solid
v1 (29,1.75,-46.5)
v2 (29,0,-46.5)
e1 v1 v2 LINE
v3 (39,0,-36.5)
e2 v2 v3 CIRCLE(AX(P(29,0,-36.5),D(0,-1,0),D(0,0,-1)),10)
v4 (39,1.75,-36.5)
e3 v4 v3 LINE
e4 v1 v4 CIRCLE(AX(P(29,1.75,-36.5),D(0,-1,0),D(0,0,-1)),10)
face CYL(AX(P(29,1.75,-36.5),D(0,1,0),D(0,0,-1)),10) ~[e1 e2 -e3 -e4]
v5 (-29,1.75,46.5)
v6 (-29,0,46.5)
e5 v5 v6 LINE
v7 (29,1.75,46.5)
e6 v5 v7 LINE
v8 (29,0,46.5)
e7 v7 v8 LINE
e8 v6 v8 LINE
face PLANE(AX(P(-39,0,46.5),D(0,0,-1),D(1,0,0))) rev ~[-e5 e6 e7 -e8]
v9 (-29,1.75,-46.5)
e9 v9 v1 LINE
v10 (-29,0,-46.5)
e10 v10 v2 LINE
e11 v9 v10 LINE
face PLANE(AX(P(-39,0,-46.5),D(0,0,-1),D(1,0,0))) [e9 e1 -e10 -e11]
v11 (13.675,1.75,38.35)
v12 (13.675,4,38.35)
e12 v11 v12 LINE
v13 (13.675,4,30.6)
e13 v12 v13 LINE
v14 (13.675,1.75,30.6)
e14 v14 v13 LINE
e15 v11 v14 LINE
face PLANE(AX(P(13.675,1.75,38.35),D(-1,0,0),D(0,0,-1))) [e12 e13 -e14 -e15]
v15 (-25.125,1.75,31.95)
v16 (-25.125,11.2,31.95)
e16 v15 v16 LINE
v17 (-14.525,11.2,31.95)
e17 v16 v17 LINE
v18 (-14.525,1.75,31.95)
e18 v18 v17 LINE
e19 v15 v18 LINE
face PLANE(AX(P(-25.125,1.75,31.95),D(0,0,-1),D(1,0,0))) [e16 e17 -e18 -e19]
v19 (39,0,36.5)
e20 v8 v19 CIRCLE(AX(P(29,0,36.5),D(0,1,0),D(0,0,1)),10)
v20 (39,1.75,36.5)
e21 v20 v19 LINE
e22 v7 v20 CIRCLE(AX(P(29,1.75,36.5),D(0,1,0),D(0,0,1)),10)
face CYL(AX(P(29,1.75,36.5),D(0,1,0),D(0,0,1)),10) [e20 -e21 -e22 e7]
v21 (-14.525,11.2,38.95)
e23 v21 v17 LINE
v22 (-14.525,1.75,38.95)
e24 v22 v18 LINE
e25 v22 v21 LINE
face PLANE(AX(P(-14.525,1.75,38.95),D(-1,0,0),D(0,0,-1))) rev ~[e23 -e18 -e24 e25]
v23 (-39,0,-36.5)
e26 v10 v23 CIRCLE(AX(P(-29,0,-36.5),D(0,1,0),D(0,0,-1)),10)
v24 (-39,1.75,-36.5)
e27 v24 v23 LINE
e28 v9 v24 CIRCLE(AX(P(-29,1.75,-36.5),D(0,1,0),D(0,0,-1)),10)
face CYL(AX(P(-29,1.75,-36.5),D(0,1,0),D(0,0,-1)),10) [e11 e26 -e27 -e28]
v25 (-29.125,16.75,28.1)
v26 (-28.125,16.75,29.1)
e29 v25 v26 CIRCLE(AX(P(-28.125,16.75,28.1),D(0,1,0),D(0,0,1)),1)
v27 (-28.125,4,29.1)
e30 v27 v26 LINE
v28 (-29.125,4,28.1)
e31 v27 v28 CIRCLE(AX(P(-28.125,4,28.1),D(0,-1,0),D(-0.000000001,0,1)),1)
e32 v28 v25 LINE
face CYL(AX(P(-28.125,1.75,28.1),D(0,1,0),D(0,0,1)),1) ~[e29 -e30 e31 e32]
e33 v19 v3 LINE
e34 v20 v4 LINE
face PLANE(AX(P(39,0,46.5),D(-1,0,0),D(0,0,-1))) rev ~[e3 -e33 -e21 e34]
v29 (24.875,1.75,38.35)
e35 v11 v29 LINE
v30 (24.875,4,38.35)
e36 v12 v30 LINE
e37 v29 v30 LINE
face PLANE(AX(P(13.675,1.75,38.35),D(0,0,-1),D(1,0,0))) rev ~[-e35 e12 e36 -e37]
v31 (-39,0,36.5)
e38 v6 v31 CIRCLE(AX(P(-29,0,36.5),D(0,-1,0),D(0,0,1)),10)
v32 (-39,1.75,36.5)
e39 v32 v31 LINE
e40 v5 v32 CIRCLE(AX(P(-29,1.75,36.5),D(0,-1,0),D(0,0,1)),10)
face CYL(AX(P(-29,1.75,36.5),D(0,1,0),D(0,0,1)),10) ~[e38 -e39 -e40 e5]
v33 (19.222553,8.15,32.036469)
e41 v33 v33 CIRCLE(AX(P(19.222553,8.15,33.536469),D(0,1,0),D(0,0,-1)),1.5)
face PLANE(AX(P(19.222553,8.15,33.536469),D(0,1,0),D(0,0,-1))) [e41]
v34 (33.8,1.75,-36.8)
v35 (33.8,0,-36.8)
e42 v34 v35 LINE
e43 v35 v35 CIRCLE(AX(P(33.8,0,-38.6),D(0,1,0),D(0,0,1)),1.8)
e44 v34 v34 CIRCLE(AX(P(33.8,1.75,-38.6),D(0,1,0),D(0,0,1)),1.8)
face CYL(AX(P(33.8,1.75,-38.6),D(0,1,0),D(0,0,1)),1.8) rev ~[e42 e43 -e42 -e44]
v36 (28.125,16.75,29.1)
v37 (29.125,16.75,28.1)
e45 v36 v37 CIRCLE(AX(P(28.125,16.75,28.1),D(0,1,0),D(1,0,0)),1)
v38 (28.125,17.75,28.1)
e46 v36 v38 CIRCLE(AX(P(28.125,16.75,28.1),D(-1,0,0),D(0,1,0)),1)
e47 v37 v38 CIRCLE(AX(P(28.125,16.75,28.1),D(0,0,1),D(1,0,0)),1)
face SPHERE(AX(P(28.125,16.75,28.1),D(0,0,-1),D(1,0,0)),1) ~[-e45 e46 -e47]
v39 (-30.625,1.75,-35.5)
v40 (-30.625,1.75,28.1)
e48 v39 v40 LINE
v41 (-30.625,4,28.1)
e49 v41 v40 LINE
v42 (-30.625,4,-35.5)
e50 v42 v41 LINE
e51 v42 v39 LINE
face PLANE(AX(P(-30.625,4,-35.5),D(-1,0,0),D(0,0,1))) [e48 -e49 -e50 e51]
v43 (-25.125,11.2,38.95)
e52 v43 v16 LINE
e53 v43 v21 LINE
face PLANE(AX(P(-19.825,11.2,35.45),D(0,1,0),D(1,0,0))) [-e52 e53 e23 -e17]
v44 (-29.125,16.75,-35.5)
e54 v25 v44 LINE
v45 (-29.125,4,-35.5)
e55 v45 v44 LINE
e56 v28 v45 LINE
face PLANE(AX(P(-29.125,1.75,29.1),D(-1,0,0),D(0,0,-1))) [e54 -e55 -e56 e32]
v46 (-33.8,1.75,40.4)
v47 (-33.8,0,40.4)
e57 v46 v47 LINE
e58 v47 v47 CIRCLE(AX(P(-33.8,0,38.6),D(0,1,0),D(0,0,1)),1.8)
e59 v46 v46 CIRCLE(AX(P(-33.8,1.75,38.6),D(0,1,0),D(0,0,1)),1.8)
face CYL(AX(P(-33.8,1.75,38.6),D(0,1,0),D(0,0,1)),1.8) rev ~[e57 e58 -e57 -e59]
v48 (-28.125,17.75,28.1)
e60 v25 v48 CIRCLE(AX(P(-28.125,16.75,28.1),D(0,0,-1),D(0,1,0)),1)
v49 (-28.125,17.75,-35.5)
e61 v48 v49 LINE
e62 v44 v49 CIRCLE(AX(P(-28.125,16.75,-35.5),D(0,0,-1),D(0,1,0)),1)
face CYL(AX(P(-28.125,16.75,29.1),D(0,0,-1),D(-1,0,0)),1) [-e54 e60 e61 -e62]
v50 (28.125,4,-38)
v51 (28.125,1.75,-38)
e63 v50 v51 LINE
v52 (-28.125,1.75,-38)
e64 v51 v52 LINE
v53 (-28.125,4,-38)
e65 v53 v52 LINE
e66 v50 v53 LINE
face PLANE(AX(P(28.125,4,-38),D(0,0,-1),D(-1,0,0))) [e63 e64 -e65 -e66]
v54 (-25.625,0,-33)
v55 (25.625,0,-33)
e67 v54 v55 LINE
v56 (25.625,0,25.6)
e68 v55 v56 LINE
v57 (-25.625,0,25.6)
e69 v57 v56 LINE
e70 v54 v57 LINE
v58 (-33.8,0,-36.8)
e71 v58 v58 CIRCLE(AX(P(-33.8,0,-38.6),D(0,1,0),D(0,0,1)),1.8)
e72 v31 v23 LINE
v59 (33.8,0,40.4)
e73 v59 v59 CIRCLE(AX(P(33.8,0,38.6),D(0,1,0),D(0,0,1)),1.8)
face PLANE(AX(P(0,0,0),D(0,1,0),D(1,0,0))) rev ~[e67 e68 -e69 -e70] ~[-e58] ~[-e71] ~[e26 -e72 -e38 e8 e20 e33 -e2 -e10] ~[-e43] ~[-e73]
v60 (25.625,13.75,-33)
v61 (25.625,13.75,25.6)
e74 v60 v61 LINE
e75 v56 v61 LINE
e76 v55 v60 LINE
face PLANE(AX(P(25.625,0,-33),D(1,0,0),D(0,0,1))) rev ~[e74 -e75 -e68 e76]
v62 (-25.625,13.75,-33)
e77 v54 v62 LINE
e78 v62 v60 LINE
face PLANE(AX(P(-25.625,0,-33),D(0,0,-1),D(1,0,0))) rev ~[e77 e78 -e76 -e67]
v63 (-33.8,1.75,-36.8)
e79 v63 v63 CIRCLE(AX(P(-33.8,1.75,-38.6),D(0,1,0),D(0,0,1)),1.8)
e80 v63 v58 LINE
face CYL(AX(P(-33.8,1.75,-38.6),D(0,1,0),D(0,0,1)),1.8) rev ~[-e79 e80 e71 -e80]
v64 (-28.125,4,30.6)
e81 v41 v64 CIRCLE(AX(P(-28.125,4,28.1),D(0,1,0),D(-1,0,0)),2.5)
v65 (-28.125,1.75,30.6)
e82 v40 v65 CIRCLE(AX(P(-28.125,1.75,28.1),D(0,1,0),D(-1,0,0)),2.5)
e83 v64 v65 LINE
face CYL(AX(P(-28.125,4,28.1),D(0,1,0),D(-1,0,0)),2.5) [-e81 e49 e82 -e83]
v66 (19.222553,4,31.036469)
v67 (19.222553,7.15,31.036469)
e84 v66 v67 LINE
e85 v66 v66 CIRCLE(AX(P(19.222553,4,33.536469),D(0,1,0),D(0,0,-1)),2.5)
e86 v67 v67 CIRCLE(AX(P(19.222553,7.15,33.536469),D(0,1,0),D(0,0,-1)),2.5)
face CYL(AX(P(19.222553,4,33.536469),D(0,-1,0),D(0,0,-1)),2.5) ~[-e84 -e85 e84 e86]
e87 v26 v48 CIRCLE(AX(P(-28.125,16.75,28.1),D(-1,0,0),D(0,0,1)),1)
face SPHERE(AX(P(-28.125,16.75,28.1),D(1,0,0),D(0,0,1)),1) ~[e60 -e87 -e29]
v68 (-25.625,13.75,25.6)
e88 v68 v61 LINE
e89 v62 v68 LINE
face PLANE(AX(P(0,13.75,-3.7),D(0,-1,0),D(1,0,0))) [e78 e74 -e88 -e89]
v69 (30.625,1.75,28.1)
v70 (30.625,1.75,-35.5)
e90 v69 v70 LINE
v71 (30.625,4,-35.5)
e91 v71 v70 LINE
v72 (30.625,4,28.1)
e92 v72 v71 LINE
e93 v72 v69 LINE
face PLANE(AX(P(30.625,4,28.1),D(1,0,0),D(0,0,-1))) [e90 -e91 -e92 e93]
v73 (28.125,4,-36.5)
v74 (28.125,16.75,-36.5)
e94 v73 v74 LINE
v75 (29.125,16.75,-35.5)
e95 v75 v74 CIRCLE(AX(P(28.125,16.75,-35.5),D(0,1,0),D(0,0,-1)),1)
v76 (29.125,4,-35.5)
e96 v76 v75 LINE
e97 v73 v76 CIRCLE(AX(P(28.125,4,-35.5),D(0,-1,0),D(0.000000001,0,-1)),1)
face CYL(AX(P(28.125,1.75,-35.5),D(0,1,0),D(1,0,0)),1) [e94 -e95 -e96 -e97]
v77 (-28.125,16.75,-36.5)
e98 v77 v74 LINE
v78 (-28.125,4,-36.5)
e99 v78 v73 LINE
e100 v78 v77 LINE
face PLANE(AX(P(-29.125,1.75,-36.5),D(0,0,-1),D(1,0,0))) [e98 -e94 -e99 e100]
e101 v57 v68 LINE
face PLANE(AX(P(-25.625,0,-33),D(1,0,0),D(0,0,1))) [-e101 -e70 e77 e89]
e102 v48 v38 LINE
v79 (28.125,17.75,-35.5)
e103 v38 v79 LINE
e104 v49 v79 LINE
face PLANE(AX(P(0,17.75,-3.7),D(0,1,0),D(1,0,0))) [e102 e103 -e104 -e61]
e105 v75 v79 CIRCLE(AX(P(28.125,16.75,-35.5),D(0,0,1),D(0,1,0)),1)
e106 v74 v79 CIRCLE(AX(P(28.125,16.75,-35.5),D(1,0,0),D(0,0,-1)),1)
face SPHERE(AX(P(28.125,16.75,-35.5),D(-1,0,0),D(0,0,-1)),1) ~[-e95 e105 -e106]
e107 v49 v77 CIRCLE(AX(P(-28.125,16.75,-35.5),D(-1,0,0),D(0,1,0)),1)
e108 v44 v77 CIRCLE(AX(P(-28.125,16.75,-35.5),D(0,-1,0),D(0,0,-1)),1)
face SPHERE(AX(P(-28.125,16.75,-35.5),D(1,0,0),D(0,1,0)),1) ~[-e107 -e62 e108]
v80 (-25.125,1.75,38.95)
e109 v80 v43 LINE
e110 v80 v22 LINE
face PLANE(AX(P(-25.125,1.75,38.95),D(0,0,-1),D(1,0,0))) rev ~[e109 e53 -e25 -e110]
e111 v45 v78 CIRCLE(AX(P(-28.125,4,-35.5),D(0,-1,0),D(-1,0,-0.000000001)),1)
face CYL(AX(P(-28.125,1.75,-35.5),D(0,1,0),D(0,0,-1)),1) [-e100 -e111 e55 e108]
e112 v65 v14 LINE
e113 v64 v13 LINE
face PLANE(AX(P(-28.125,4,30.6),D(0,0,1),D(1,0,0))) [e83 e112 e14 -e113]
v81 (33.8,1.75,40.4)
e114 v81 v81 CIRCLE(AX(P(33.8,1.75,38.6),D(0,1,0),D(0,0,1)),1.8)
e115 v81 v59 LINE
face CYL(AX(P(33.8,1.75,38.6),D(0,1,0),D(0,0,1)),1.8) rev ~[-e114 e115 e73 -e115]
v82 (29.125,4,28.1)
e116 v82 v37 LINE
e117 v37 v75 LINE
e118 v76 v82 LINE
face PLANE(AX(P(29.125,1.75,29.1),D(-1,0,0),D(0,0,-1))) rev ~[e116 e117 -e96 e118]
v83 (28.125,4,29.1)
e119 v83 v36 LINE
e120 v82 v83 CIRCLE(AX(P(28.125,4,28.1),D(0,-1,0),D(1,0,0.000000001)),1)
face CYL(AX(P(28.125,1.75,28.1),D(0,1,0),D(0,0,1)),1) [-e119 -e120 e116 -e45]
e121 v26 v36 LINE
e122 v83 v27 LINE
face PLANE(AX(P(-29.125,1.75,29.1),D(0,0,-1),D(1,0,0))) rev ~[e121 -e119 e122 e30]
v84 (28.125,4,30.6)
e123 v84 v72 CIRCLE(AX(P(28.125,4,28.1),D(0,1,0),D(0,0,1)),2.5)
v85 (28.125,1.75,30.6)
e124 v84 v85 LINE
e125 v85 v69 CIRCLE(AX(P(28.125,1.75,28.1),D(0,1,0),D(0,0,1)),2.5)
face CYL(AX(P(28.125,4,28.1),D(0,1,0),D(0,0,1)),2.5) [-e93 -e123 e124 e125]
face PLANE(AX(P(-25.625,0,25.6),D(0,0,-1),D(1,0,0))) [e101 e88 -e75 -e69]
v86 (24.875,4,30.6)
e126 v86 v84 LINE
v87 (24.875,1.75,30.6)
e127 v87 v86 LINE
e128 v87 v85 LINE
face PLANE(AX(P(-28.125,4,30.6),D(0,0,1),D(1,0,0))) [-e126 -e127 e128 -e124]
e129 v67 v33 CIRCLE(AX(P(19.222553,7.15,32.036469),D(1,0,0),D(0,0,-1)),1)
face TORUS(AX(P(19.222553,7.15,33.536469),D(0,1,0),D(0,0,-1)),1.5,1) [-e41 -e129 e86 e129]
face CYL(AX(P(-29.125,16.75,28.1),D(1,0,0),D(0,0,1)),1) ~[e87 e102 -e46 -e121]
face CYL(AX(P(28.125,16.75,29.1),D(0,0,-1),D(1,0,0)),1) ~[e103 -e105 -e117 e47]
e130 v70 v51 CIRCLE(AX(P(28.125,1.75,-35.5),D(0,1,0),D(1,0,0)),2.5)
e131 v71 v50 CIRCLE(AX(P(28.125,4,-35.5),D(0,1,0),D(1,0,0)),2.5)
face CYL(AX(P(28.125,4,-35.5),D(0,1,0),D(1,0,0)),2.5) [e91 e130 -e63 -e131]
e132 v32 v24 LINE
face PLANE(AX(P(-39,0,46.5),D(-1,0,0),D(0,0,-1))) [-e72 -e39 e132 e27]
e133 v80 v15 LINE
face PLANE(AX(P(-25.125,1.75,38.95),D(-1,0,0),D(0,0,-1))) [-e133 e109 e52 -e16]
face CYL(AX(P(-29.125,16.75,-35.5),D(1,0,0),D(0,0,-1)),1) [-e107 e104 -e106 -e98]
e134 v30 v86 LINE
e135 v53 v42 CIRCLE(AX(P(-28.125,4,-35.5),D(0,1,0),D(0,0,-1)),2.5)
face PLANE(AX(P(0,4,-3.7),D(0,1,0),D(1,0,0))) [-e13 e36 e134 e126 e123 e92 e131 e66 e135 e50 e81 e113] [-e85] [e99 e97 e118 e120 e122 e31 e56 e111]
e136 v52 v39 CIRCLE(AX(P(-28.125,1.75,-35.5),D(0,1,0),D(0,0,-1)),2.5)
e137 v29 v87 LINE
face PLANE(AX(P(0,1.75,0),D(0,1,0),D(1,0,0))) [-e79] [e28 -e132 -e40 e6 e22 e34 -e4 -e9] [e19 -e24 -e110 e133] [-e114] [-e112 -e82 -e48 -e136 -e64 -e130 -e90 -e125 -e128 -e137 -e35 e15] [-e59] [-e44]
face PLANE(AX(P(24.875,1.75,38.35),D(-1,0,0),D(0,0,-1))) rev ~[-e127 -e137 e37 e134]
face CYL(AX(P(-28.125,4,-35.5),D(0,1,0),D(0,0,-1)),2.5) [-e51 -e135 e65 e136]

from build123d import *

# Parameters (mm, degrees)
SKETCH1_W           = 78
SKETCH1_H           = 93
BOSS_EXTRUDE1_DEPTH = 1.75
SKETCH2_R           = 1.8
CUT_EXTRUDE1_DEPTH  = 1.75
SKETCH3_W           = 58.25
SKETCH3_H           = 65.6
BOSS_EXTRUDE2_DEPTH = 16
FILLET1_R           = 1
SKETCH4_W           = 10.6
SKETCH4_H           = 7
BOSS_EXTRUDE3_DEPTH = 9.45
BOSS_EXTRUDE4_START = 2.25
BOSS_EXTRUDE4_DEPTH = 2.25
SKETCH6_W           = 11.2
SKETCH6_H           = 7.75
BOSS_EXTRUDE5_DEPTH = 2.25
SKETCH7_W           = 51.25
SKETCH7_H           = 58.6
CUT_EXTRUDE2_DEPTH  = 13.75
SKETCH8_R           = 2.5
BOSS_EXTRUDE6_DEPTH = 4.15
FILLET2_R           = 1


with BuildPart() as part:
    # Sketch1 → Boss-Extrude1 (new body)
    with BuildSketch(Plane(origin=(0, 0, 0), x_dir=(1, 0, 0), z_dir=(0, 1, 0))):
        Rectangle(SKETCH1_W, SKETCH1_H)
    extrude(amount=BOSS_EXTRUDE1_DEPTH)

    # Sketch2 → Cut-Extrude1 (cut)
    with BuildSketch(Plane(origin=(0, 1.75, 0), x_dir=(1, 0, 0), z_dir=(0, 1, 0))):
        with Locations(Location((-33.8, 38.6, 0), (0, 0, 270))):
            Circle(SKETCH2_R)
        with Locations(Location((33.8, 38.6, 0), (0, 0, 270))):
            Circle(SKETCH2_R)
        with Locations(Location((33.8, -38.6, 0), (0, 0, 270))):
            Circle(SKETCH2_R)
        with Locations(Location((-33.8, -38.6, 0), (0, 0, 270))):
            Circle(SKETCH2_R)
        with BuildLine():
            Line((-39, 36.5), (-39, 46.5))
            Line((-39, 46.5), (-29, 46.5))
            ThreePointArc((-29, 46.5), (-36.071067812, 43.571067812), (-39, 36.5))
        make_face()
        with BuildLine():
            Line((39, 36.5), (39, 46.5))
            Line((39, 46.5), (29, 46.5))
            ThreePointArc((29, 46.5), (36.071067812, 43.571067812), (39, 36.5))
        make_face()
        with BuildLine():
            Line((39, -36.5), (39, -46.5))
            Line((39, -46.5), (29, -46.5))
            ThreePointArc((29, -46.5), (36.071067812, -43.571067812), (39, -36.5))
        make_face()
        with BuildLine():
            Line((-39, -36.5), (-39, -46.5))
            Line((-39, -46.5), (-29, -46.5))
            ThreePointArc((-29, -46.5), (-36.071067812, -43.571067812), (-39, -36.5))
        make_face()
    extrude(amount=-CUT_EXTRUDE1_DEPTH, mode=Mode.SUBTRACT)

    # Sketch3 → Boss-Extrude2 (add)
    with BuildSketch(Plane(origin=(0, 1.75, 0), x_dir=(1, 0, 0), z_dir=(0, 1, 0))):
        with Locations((0, 3.7)):
            Rectangle(SKETCH3_W, SKETCH3_H)
    extrude(amount=BOSS_EXTRUDE2_DEPTH)

    # Fillet1
    fillet1_edges = [part.edges().sort_by_distance(p)[0] for p in [
        (0, 17.75, -36.5),
        (29.125, 9.75, -36.5),
        (29.125, 17.75, -3.7),
        (29.125, 9.75, 29.1),
        (0, 17.75, 29.1),
        (-29.125, 9.75, 29.1),
        (-29.125, 17.75, -3.7),
        (-29.125, 9.75, -36.5),
    ]]
    fillet(fillet1_edges, radius=FILLET1_R)

    # Sketch4 → Boss-Extrude3 (add)
    with BuildSketch(Plane(origin=(0, 1.75, 0), x_dir=(1, 0, 0), z_dir=(0, 1, 0))):
        with Locations((-19.825, -35.45)):
            Rectangle(SKETCH4_W, SKETCH4_H)
    extrude(amount=BOSS_EXTRUDE3_DEPTH)

    # Sketch5 → Boss-Extrude4 (add)
    with BuildSketch(Plane(origin=(0, 1.75, 0), x_dir=(1, 0, 0), z_dir=(0, 1, 0)).offset(BOSS_EXTRUDE4_START)):
        with BuildLine():
            Line((-28.125, -30.6), (28.125, -30.6))
            ThreePointArc((28.125, -30.6), (29.892766953, -29.867766953), (30.625, -28.1))
            Line((30.625, -28.1), (30.625, 35.5))
            ThreePointArc((30.625, 35.5), (29.892766953, 37.267766953), (28.125, 38))
            Line((28.125, 38), (-28.125, 38))
            ThreePointArc((-28.125, 38), (-29.892766953, 37.267766953), (-30.625, 35.5))
            Line((-30.625, 35.5), (-30.625, -28.1))
            ThreePointArc((-30.625, -28.1), (-29.892766953, -29.867766953), (-28.125, -30.6))
        make_face()
        with BuildLine():
            ThreePointArc((-29.125, 35.5), (-28.832106781, 36.207106781), (-28.125, 36.5))
            Line((-28.125, 36.5), (28.125, 36.5))
            ThreePointArc((28.125, 36.5), (28.832106781, 36.207106781), (29.125, 35.5))
            Line((29.125, 35.5), (29.125, -28.1))
            ThreePointArc((29.125, -28.1), (28.832106781, -28.807106781), (28.125, -29.1))
            Line((28.125, -29.1), (-28.125, -29.1))
            ThreePointArc((-28.125, -29.1), (-28.832106781, -28.807106781), (-29.125, -28.1))
            Line((-29.125, -28.1), (-29.125, 35.5))
        make_face(mode=Mode.SUBTRACT)
    extrude(amount=-BOSS_EXTRUDE4_DEPTH)

    # Sketch6 → Boss-Extrude5 (add)
    with BuildSketch(Plane(origin=(0, 1.75, 0), x_dir=(1, 0, 0), z_dir=(0, 1, 0))):
        with Locations((19.275, -34.475)):
            Rectangle(SKETCH6_W, SKETCH6_H)
    extrude(amount=BOSS_EXTRUDE5_DEPTH)

    # Sketch7 → Cut-Extrude2 (cut)
    with BuildSketch(Plane.XZ):
        with Locations((0, -3.7)):
            Rectangle(SKETCH7_W, SKETCH7_H)
    extrude(amount=-CUT_EXTRUDE2_DEPTH, mode=Mode.SUBTRACT)

    # Sketch8 → Boss-Extrude6 (add)
    with BuildSketch(Plane(origin=(0, 4, 0), x_dir=(1, 0, 0), z_dir=(0, 1, 0))):
        with Locations(Location((19.222552854, -33.536468805, 0), (0, 0, 90))):
            Circle(SKETCH8_R)
    extrude(amount=BOSS_EXTRUDE6_DEPTH)

    # Fillet2
    fillet2_edges = [part.edges().sort_by_distance(p)[0] for p in [
        (19.222552854, 8.15, 36.036468805),
    ]]
    fillet(fillet2_edges, radius=FILLET2_R)


solid = part.part
